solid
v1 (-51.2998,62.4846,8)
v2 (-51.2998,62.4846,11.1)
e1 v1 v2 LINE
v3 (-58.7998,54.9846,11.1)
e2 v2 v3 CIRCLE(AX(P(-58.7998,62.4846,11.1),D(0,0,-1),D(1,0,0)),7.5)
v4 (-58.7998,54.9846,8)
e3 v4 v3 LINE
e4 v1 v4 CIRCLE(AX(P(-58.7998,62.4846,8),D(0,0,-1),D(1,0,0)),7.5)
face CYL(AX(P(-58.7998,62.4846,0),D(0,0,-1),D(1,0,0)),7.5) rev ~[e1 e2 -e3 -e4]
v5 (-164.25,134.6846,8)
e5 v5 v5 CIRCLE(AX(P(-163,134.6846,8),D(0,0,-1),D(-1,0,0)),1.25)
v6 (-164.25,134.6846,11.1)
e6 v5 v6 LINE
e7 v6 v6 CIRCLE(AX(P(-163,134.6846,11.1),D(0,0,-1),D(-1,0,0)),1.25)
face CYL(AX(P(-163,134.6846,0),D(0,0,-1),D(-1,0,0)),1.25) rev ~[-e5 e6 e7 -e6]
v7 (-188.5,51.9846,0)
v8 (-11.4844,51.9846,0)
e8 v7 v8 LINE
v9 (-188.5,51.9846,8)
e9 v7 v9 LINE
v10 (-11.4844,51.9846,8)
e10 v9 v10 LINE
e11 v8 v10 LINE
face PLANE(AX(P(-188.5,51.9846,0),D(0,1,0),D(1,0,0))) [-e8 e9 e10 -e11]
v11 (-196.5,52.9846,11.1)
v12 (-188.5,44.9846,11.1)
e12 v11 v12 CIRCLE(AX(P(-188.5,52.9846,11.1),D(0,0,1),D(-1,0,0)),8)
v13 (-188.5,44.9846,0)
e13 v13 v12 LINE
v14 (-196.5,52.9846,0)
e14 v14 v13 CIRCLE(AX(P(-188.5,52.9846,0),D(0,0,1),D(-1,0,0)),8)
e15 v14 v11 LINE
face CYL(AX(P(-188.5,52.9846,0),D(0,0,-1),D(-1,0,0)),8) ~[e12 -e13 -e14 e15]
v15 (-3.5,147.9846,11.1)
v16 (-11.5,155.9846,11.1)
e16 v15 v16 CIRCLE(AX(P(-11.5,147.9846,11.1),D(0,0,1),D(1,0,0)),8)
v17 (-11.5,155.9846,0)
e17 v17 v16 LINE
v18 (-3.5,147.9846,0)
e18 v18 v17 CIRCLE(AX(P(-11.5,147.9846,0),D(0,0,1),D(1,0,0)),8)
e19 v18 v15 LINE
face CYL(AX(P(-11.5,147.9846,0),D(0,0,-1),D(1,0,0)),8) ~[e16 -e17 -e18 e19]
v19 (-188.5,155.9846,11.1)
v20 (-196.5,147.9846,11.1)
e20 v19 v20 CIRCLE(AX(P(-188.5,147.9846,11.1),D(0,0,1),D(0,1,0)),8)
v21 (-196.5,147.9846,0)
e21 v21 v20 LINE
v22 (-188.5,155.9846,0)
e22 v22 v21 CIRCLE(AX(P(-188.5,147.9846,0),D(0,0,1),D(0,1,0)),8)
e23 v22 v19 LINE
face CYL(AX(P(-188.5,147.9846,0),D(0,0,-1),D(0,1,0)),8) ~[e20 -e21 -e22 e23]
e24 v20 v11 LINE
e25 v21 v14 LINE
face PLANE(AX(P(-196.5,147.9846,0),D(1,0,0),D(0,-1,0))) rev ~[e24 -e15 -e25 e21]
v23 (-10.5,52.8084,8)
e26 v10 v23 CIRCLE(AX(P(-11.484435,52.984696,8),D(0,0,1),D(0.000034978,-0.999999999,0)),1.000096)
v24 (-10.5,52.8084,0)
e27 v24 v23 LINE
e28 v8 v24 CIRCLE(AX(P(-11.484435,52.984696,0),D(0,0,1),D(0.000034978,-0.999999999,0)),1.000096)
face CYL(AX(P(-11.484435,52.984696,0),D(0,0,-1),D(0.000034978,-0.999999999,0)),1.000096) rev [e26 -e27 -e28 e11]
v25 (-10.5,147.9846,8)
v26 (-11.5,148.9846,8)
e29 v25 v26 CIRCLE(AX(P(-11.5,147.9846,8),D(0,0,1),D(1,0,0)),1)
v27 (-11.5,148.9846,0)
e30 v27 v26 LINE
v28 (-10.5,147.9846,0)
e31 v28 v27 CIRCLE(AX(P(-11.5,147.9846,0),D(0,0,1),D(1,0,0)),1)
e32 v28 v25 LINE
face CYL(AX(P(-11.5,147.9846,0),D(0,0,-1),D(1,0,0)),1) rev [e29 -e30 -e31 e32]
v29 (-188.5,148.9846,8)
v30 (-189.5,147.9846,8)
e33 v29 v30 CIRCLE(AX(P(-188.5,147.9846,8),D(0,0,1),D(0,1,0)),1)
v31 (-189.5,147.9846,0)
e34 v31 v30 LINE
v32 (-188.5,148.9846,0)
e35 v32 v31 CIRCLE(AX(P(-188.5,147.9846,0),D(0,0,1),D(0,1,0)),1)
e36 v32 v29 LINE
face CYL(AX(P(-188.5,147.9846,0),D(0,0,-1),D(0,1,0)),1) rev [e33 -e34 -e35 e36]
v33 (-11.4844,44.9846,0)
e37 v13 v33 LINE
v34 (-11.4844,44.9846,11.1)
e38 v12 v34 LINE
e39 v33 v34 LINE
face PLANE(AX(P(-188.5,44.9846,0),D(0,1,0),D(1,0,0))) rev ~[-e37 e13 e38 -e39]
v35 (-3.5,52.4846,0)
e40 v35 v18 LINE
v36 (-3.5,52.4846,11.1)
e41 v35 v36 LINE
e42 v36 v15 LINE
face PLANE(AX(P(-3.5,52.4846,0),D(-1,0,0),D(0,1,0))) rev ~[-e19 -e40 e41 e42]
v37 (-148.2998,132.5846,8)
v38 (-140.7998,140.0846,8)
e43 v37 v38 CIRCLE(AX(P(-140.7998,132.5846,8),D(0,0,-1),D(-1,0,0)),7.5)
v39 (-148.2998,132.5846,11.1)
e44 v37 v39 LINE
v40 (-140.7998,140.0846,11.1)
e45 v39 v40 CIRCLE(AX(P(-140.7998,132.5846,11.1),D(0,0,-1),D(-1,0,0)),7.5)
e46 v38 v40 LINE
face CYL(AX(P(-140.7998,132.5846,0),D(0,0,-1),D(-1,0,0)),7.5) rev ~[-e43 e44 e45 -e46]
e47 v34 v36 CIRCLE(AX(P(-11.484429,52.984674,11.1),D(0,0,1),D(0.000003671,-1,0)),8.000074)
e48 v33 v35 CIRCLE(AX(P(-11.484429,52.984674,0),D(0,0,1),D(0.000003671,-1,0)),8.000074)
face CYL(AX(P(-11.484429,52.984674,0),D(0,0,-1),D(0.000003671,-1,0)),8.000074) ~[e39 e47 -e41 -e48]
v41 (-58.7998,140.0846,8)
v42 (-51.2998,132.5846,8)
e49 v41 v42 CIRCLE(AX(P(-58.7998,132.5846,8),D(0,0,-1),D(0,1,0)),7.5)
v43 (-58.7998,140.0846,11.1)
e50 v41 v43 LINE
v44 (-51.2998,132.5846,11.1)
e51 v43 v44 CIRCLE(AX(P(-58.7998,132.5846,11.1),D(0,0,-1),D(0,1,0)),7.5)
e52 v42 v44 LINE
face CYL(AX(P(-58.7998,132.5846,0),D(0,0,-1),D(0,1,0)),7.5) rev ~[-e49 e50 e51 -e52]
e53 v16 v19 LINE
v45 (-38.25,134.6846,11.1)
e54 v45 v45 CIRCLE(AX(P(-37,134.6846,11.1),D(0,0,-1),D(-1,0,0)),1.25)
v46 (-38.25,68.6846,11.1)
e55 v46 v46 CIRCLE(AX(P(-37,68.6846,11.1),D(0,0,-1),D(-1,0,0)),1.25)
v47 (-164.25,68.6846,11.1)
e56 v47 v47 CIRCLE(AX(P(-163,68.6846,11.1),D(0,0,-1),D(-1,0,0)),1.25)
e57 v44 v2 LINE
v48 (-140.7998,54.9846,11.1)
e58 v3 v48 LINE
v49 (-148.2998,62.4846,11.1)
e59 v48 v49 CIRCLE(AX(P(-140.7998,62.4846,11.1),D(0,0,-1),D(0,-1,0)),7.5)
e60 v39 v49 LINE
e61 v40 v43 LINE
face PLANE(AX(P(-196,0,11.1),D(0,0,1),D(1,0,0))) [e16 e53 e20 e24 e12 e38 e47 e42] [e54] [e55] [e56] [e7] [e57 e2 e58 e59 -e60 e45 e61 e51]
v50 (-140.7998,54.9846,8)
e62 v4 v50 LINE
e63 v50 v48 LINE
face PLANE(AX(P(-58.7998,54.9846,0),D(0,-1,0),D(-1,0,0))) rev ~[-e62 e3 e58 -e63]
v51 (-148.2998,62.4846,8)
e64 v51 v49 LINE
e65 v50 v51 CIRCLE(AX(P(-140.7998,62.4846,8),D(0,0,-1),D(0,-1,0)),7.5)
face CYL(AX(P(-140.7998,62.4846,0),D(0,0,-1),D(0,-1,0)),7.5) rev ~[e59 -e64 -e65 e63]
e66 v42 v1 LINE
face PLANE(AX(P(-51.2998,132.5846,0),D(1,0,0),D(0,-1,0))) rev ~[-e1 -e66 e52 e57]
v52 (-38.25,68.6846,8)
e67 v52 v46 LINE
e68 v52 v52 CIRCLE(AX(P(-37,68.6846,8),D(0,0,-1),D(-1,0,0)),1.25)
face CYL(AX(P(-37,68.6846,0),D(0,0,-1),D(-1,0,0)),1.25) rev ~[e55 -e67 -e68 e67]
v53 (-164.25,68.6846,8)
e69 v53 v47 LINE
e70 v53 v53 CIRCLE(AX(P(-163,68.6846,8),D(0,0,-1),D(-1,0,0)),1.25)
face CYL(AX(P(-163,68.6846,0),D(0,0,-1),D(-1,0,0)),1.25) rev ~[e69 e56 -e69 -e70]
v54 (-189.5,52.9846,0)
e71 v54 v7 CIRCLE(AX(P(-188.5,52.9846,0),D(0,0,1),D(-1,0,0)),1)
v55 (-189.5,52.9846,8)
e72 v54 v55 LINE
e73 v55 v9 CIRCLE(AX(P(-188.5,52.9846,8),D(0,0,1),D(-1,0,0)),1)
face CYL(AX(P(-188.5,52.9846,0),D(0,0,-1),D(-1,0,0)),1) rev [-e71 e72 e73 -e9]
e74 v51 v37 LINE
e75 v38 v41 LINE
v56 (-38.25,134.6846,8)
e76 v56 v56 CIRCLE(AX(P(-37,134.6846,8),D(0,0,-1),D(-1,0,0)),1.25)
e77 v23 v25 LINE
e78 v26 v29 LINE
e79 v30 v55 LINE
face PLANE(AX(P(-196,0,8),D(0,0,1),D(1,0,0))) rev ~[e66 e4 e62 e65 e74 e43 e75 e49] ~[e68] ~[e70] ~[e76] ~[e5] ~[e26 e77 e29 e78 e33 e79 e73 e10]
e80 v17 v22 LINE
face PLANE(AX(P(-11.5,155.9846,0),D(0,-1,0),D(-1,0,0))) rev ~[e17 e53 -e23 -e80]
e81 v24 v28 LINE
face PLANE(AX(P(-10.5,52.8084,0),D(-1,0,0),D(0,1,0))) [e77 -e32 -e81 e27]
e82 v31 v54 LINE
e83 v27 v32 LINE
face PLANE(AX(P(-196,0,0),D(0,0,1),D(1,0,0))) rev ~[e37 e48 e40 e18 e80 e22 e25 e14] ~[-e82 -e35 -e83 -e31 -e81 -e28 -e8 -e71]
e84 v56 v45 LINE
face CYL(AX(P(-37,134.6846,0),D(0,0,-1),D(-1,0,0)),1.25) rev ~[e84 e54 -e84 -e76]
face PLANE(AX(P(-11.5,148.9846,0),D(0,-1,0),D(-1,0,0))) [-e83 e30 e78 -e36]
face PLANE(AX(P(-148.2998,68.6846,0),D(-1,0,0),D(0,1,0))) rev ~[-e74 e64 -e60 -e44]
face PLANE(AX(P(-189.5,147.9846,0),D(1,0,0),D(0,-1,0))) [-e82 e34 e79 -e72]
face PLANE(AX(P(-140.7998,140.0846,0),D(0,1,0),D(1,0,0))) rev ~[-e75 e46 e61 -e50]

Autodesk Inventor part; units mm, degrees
ref_plane "Work Plane5" through (-196, 0, 0) normal (0, 0, 1) x (1, 0, 0)
sketch "Sketch13" plane through (-196, 0, 0) normal (0, 0, 1) x (1, 0, 0)
  line L0 (7.5, 44.9846) -> (184.5156, 44.9846)
  line L1 (192.5, 52.4846) -> (192.5, 147.9846)
  line L2 (184.5, 155.9846) -> (7.5, 155.9846)
  line L3 (-0.5, 147.9846) -> (-0.5, 52.9846)
  arc A0 (-0.5, 52.9846) -> (7.5, 44.9846) centre (7.5, 52.9846) ccw
  arc A1 (184.5156, 44.9846) -> (192.5, 52.4846) centre (184.5156, 52.9846) ccw
  arc A2 (7.5, 155.9846) -> (-0.5, 147.9846) centre (7.5, 147.9846) ccw
  arc A3 (192.5, 147.9846) -> (184.5, 155.9846) centre (184.5, 147.9846) ccw
  line L4 (6.5, 147.9846) -> (6.5, 52.9846)
  arc A4 (6.5, 52.9846) -> (7.5, 51.9846) centre (7.5, 52.9846) ccw
  line L5 (7.5, 51.9846) -> (184.5156, 51.9846)
  arc A5 (184.5156, 51.9846) -> (185.5, 52.8084) centre (184.5156, 52.9846) ccw
  line L6 (185.5, 52.8084) -> (185.5, 147.9846)
  arc A6 (185.5, 147.9846) -> (184.5, 148.9846) centre (184.5, 147.9846) ccw
  line L7 (184.5, 148.9846) -> (7.5, 148.9846)
  arc A7 (7.5, 148.9846) -> (6.5, 147.9846) centre (7.5, 147.9846) ccw
  point P0 (-0.5, 44.9846)
  point P1 (192.5, 155.9846)
  point P2 (192.5, 44.9846)
  point P3 (-0.5, 155.9846)
  dimension "d79" = 8
  dimension "d112" = 8
  dimension "d117" = 7
extrude "Extrusion9" add sketch "Sketch13" along normal blind 11.1
ref_plane "Work Plane6" through (-196, 0, 0) normal (0, 0, -1) x (-1, 0, 0)
sketch "Sketch14" plane through (-196, 0, 0) normal (0, 0, -1) x (-1, 0, 0)
  line L0 (-144.7002, 132.1649) -> (-144.7002, 67.5846)
  line L1 (-47.7002, 67.5846) -> (-47.7002, 132.5846)
  line L2 (-55.2002, 140.0846) -> (-137.2002, 140.0846)
  line L3 (-144.7002, 132.5846) -> (-144.7002, 132.1649)
  arc A0 (-137.2002, 140.0846) -> (-144.7002, 132.5846) centre (-137.2002, 132.5846) ccw
  arc A1 (-47.7002, 132.5846) -> (-55.2002, 140.0846) centre (-55.2002, 132.5846) ccw
  line L4 (-192.5, 100.2346) -> (-248.457, 100.2346)
  line L5 (-96, 155.9846) -> (-96, 209.6502)
  line L6 (-47.7002, 67.5846) -> (-47.7002, 62.4846)
  line L7 (-144.7002, 67.5846) -> (-144.7002, 62.4846)
  line L8 (-137.2002, 54.9846) -> (-55.2002, 54.9846)
  arc A2 (-55.2002, 54.9846) -> (-47.7002, 62.4846) centre (-55.2002, 62.4846) ccw
  arc A3 (-144.7002, 62.4846) -> (-137.2002, 54.9846) centre (-137.2002, 62.4846) ccw
  line L9 (-184.5, 155.9846) -> (-7.5, 155.9846) projected
  line L10 (-192.5, 52.4846) -> (-192.5, 147.9846) projected
  line L11 (0.5, 147.9846) -> (0.5, 52.9846) projected
  line L12 (0.5, 147.9846) -> (0.5, 163.3157)
  line L13 (0.5, 163.3157) -> (-33.72, 163.3157)
  circle A4 centre (-159, 134.6846) radius 1.25
  line L14 (-159, 134.6846) -> (-159, 68.6846)
  circle A5 centre (-159, 68.6846) radius 1.25
  line L15 (-159, 68.6846) -> (-33, 68.6846)
  circle A6 centre (-33, 68.6846) radius 1.25
  line L16 (-33, 68.6846) -> (-33, 134.6846)
  circle A7 centre (-33, 134.6846) radius 1.25
  line L17 (-184.5156, 51.9846) -> (-7.5, 51.9846) projected
  point P0 (-196, 0)
  point P1 (-181.3, 148.9846)
  point P2 (-13.3, 148.9846)
  point P3 (-47.7002, 140.0846)
  point P4 (-144.7002, 140.0846)
  dimension "d80" = 97
  dimension "d83" = 7.5
  dimension "d111" = 7.5
  dimension "d126" = 34.22
  dimension "d132" = 2.5
  dimension "d133" = 33.5
  dimension "d134" = 21.3
  dimension "d135" = 66
  dimension "d136" = 2.5
  dimension "d138" = 126
  dimension "d139" = 2.5
  dimension "d140" = 2.5
  dimension "d142" = 3
ref_plane "Work Plane3" through (-196, 0, 0) normal (0, 0, -1) x (-1, 0, 0)
sketch "Sketch16" plane through (-196, 0, 0) normal (0, 0, -1) x (-1, 0, 0)
  line L0 (-181.3, 148.9846) -> (-6.5, 148.9846)
  line L1 (-6.5, 148.9846) -> (-6.5, 47)
  line L2 (-6.5, 47) -> (-181.3, 47)
  line L3 (-6.5, 52.9846) -> (-6.5, 147.9846) projected
  line L4 (-185.5, 147.9846) -> (-185.5, 52.8084) projected
  line L5 (-181.3, 47) -> (-185.5, 47)
  line L6 (-185.5, 47) -> (-185.5, 148.9846)
  line L7 (-185.5, 148.9846) -> (-6.5, 148.9846)
  line L8 (-6.5, 148.9846) -> (-185.5, 148.9846)
  point P0 (-196, 0)
extrude "Extrusion11" add sketch "Sketch16" against normal up to surface (11.1 mm away)
extrude "Extrusion12" cut sketch "Sketch14" against normal up to surface (11.1 mm away)
ref_plane "Work Plane2" through (-196, 0, 10) normal (0, 0, 1) x (1, 0, 0)
sketch "Sketch18" plane through (-196, 0, 10) normal (0, 0, 1) x (1, 0, 0)
  point P0 (196, 0)
extrude "Extrusion14" cut sketch "Sketch13" along normal blind 8 contours A7 L7 A6 L6 A5 L5 A4 L4
properties part number "Ventilator Screen Arm 01" material "PAEK Plastic"
